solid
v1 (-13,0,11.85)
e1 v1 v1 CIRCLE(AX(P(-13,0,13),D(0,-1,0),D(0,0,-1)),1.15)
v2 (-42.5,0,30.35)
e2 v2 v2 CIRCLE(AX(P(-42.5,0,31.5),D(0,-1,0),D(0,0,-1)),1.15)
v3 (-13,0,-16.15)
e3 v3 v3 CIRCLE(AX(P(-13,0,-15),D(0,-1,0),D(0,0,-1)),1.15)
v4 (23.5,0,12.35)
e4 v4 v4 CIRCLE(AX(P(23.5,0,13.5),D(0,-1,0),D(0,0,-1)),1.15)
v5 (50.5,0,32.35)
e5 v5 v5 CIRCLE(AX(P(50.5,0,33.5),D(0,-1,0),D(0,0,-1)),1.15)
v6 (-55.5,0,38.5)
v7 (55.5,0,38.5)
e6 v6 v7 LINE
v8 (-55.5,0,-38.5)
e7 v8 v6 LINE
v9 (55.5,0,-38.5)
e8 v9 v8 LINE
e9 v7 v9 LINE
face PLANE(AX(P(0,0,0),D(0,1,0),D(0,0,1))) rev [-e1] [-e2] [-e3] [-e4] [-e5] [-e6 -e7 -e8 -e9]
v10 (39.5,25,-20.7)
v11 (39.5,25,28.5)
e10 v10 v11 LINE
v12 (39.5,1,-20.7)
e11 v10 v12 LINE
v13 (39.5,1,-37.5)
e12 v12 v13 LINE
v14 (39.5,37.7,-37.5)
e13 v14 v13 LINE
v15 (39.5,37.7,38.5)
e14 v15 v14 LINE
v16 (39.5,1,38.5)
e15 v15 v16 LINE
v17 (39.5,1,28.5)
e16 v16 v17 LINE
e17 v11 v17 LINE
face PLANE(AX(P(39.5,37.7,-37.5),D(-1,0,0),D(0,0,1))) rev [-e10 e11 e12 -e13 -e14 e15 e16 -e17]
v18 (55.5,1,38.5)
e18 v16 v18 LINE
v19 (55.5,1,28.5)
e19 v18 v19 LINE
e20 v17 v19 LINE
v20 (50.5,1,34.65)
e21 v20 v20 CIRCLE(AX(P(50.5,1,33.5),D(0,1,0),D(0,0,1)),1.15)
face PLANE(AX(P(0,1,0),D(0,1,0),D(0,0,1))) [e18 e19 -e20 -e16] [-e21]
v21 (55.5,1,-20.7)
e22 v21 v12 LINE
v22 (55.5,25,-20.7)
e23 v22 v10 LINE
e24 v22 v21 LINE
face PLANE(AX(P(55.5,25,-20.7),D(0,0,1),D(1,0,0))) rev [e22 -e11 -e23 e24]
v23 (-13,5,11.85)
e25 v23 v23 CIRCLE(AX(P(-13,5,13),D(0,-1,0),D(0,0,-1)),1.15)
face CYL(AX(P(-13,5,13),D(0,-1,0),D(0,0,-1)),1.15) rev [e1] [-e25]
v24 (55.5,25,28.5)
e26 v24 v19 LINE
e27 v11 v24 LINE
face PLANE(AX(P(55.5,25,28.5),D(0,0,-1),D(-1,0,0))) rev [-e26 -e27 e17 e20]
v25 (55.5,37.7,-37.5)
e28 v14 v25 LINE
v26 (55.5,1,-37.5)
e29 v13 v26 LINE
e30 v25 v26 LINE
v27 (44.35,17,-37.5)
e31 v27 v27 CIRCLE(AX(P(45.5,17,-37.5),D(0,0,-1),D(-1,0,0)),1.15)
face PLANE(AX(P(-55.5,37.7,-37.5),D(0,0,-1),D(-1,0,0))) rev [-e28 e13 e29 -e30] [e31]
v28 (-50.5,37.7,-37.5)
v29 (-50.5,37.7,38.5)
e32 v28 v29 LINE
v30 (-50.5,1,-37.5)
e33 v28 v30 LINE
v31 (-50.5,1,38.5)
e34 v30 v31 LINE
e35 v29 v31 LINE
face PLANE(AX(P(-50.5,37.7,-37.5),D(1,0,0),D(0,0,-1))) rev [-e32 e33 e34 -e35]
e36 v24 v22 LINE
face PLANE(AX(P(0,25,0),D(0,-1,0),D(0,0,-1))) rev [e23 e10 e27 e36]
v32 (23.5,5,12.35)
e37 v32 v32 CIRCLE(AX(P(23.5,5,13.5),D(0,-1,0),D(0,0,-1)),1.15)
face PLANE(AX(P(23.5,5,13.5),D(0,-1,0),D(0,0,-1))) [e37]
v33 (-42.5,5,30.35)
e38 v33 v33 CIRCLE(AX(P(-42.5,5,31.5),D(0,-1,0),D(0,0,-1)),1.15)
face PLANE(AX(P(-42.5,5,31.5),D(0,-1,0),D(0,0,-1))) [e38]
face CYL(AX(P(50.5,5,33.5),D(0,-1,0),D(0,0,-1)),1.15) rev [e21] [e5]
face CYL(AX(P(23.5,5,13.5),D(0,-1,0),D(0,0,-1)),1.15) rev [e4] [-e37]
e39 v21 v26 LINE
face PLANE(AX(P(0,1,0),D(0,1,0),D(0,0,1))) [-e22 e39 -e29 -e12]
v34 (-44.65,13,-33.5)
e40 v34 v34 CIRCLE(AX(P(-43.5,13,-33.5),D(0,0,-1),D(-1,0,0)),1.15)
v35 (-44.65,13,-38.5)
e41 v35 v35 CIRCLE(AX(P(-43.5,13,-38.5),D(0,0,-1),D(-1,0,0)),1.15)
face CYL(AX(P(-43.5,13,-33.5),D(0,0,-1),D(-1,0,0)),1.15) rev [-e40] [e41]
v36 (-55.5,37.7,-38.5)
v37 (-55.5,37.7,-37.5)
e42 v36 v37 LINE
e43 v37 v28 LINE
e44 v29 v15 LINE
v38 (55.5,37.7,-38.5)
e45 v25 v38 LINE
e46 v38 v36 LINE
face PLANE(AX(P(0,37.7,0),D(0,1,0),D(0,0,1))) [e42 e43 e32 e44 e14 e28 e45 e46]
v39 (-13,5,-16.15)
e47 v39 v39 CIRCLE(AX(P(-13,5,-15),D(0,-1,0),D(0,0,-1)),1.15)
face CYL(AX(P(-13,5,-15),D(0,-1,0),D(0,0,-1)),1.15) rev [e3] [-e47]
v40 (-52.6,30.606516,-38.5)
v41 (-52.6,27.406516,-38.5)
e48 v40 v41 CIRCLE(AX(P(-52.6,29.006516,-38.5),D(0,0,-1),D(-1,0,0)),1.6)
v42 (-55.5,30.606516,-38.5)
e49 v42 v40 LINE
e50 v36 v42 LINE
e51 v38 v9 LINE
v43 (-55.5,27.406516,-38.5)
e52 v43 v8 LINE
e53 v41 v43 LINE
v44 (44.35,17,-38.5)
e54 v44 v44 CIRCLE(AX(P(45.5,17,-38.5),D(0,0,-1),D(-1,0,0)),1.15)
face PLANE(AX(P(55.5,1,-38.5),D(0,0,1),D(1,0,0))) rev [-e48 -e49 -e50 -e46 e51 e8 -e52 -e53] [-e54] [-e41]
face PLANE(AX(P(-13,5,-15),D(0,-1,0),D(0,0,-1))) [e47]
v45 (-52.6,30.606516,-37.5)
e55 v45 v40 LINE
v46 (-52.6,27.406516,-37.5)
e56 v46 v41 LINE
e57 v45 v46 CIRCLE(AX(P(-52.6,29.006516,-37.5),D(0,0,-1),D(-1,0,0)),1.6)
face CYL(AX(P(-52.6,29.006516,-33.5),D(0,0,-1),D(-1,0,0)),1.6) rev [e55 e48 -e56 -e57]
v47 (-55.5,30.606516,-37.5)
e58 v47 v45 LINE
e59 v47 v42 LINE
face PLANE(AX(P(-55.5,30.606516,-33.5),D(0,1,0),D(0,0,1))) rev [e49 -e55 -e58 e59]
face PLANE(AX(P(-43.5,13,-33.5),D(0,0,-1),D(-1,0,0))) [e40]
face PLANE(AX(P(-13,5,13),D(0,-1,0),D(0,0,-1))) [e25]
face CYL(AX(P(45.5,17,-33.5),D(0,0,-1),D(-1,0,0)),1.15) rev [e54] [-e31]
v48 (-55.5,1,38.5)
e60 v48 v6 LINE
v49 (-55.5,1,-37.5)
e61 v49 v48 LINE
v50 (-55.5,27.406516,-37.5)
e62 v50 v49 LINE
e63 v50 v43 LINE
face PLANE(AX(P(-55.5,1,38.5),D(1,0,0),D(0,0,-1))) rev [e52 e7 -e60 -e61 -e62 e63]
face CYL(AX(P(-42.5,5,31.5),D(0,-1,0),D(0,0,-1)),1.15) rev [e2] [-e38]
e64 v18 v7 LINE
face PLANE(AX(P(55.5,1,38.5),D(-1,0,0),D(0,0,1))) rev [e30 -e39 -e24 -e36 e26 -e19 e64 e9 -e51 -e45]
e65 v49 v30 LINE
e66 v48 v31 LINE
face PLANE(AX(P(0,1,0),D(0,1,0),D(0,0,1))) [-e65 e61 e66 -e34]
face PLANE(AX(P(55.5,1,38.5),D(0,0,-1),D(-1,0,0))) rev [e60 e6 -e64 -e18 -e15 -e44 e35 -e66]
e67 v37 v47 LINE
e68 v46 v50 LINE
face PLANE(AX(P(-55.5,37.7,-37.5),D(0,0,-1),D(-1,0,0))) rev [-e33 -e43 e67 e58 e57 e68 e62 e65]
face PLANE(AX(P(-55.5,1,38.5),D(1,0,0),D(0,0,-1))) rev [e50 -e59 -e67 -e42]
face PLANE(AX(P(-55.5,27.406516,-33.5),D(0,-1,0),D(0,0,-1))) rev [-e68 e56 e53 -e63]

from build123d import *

# Parameters (mm, degrees)
ESBO_O1_W                = 111
ESBO_O1_H                = 77
RESSALTO_EXTRUS_O1_DEPTH = 1
ESBO_O2_W                = 111
ESBO_O2_H                = 1
RESSALTO_EXTRUS_O2_DEPTH = 36.7
ESBO_O3_W                = 90
ESBO_O3_H                = 76
RESSALTO_EXTRUS_O3_DEPTH = 36.7
ESBO_O4_W                = 16
ESBO_O4_H                = 49.2
RESSALTO_EXTRUS_O4_DEPTH = 24
ESBO_O5_R                = 1.15
CORTE_EXTRUS_O1_DEPTH    = 5
ESBO_O6_R                = 1.15
CORTE_EXTRUS_O2_DEPTH    = 5


with BuildPart() as part:
    # Esboço1 → Ressalto-extrusão1 (new body)
    with BuildSketch(Plane(origin=(0, 0, 0), x_dir=(1, 0, 0), z_dir=(0, 1, 0))):
        Rectangle(ESBO_O1_W, ESBO_O1_H)
    extrude(amount=RESSALTO_EXTRUS_O1_DEPTH)

    # Esboço2 → Ressalto-extrusão2 (add)
    with BuildSketch(Plane(origin=(0, 1, 0), x_dir=(1, 0, 0), z_dir=(0, 1, 0))):
        with Locations((0, 38)):
            Rectangle(ESBO_O2_W, ESBO_O2_H)
    extrude(amount=RESSALTO_EXTRUS_O2_DEPTH)

    # Esboço3 → Ressalto-extrusão3 (add)
    with BuildSketch(Plane(origin=(0, 1, 0), x_dir=(1, 0, 0), z_dir=(0, 1, 0))):
        with Locations((-5.5, -0.5)):
            Rectangle(ESBO_O3_W, ESBO_O3_H)
    extrude(amount=RESSALTO_EXTRUS_O3_DEPTH)

    # Esboço4 → Ressalto-extrusão4 (add)
    with BuildSketch(Plane(origin=(0, 1, 0), x_dir=(1, 0, 0), z_dir=(0, 1, 0))):
        with Locations((47.5, -3.9)):
            Rectangle(ESBO_O4_W, ESBO_O4_H)
    extrude(amount=RESSALTO_EXTRUS_O4_DEPTH)

    # Esboço5 → Corte-extrusão1 (cut)
    with BuildSketch(Plane(origin=(0, 0, -38.5), x_dir=(-1, 0, 0), z_dir=(0, 0, -1))):
        with Locations((-45.5, 17)):
            Circle(ESBO_O5_R)
        with Locations((43.5, 13)):
            Circle(ESBO_O5_R)
        with BuildLine():
            Line((55.5, 30.606515891), (52.6, 30.606515891))
            ThreePointArc((52.6, 30.606515891), (51, 29.006515891), (52.6, 27.406515891))
            Line((52.6, 27.406515891), (55.5, 27.406515891))
            Line((55.5, 27.406515891), (55.5, 30.606515891))
        make_face()
    extrude(amount=-CORTE_EXTRUS_O1_DEPTH, mode=Mode.SUBTRACT)

    # Esboço6 → Corte-extrusão2 (cut)
    with BuildSketch(Plane.XZ):
        with Locations((-42.5, 31.5)):
            Circle(ESBO_O6_R)
        with Locations((50.5, 33.5)):
            Circle(ESBO_O6_R)
        with Locations((-13, 13)):
            Circle(ESBO_O6_R)
        with Locations((23.5, 13.5)):
            Circle(ESBO_O6_R)
        with Locations((-13, -15)):
            Circle(ESBO_O6_R)
    extrude(amount=-CORTE_EXTRUS_O2_DEPTH, mode=Mode.SUBTRACT)


solid = part.part
